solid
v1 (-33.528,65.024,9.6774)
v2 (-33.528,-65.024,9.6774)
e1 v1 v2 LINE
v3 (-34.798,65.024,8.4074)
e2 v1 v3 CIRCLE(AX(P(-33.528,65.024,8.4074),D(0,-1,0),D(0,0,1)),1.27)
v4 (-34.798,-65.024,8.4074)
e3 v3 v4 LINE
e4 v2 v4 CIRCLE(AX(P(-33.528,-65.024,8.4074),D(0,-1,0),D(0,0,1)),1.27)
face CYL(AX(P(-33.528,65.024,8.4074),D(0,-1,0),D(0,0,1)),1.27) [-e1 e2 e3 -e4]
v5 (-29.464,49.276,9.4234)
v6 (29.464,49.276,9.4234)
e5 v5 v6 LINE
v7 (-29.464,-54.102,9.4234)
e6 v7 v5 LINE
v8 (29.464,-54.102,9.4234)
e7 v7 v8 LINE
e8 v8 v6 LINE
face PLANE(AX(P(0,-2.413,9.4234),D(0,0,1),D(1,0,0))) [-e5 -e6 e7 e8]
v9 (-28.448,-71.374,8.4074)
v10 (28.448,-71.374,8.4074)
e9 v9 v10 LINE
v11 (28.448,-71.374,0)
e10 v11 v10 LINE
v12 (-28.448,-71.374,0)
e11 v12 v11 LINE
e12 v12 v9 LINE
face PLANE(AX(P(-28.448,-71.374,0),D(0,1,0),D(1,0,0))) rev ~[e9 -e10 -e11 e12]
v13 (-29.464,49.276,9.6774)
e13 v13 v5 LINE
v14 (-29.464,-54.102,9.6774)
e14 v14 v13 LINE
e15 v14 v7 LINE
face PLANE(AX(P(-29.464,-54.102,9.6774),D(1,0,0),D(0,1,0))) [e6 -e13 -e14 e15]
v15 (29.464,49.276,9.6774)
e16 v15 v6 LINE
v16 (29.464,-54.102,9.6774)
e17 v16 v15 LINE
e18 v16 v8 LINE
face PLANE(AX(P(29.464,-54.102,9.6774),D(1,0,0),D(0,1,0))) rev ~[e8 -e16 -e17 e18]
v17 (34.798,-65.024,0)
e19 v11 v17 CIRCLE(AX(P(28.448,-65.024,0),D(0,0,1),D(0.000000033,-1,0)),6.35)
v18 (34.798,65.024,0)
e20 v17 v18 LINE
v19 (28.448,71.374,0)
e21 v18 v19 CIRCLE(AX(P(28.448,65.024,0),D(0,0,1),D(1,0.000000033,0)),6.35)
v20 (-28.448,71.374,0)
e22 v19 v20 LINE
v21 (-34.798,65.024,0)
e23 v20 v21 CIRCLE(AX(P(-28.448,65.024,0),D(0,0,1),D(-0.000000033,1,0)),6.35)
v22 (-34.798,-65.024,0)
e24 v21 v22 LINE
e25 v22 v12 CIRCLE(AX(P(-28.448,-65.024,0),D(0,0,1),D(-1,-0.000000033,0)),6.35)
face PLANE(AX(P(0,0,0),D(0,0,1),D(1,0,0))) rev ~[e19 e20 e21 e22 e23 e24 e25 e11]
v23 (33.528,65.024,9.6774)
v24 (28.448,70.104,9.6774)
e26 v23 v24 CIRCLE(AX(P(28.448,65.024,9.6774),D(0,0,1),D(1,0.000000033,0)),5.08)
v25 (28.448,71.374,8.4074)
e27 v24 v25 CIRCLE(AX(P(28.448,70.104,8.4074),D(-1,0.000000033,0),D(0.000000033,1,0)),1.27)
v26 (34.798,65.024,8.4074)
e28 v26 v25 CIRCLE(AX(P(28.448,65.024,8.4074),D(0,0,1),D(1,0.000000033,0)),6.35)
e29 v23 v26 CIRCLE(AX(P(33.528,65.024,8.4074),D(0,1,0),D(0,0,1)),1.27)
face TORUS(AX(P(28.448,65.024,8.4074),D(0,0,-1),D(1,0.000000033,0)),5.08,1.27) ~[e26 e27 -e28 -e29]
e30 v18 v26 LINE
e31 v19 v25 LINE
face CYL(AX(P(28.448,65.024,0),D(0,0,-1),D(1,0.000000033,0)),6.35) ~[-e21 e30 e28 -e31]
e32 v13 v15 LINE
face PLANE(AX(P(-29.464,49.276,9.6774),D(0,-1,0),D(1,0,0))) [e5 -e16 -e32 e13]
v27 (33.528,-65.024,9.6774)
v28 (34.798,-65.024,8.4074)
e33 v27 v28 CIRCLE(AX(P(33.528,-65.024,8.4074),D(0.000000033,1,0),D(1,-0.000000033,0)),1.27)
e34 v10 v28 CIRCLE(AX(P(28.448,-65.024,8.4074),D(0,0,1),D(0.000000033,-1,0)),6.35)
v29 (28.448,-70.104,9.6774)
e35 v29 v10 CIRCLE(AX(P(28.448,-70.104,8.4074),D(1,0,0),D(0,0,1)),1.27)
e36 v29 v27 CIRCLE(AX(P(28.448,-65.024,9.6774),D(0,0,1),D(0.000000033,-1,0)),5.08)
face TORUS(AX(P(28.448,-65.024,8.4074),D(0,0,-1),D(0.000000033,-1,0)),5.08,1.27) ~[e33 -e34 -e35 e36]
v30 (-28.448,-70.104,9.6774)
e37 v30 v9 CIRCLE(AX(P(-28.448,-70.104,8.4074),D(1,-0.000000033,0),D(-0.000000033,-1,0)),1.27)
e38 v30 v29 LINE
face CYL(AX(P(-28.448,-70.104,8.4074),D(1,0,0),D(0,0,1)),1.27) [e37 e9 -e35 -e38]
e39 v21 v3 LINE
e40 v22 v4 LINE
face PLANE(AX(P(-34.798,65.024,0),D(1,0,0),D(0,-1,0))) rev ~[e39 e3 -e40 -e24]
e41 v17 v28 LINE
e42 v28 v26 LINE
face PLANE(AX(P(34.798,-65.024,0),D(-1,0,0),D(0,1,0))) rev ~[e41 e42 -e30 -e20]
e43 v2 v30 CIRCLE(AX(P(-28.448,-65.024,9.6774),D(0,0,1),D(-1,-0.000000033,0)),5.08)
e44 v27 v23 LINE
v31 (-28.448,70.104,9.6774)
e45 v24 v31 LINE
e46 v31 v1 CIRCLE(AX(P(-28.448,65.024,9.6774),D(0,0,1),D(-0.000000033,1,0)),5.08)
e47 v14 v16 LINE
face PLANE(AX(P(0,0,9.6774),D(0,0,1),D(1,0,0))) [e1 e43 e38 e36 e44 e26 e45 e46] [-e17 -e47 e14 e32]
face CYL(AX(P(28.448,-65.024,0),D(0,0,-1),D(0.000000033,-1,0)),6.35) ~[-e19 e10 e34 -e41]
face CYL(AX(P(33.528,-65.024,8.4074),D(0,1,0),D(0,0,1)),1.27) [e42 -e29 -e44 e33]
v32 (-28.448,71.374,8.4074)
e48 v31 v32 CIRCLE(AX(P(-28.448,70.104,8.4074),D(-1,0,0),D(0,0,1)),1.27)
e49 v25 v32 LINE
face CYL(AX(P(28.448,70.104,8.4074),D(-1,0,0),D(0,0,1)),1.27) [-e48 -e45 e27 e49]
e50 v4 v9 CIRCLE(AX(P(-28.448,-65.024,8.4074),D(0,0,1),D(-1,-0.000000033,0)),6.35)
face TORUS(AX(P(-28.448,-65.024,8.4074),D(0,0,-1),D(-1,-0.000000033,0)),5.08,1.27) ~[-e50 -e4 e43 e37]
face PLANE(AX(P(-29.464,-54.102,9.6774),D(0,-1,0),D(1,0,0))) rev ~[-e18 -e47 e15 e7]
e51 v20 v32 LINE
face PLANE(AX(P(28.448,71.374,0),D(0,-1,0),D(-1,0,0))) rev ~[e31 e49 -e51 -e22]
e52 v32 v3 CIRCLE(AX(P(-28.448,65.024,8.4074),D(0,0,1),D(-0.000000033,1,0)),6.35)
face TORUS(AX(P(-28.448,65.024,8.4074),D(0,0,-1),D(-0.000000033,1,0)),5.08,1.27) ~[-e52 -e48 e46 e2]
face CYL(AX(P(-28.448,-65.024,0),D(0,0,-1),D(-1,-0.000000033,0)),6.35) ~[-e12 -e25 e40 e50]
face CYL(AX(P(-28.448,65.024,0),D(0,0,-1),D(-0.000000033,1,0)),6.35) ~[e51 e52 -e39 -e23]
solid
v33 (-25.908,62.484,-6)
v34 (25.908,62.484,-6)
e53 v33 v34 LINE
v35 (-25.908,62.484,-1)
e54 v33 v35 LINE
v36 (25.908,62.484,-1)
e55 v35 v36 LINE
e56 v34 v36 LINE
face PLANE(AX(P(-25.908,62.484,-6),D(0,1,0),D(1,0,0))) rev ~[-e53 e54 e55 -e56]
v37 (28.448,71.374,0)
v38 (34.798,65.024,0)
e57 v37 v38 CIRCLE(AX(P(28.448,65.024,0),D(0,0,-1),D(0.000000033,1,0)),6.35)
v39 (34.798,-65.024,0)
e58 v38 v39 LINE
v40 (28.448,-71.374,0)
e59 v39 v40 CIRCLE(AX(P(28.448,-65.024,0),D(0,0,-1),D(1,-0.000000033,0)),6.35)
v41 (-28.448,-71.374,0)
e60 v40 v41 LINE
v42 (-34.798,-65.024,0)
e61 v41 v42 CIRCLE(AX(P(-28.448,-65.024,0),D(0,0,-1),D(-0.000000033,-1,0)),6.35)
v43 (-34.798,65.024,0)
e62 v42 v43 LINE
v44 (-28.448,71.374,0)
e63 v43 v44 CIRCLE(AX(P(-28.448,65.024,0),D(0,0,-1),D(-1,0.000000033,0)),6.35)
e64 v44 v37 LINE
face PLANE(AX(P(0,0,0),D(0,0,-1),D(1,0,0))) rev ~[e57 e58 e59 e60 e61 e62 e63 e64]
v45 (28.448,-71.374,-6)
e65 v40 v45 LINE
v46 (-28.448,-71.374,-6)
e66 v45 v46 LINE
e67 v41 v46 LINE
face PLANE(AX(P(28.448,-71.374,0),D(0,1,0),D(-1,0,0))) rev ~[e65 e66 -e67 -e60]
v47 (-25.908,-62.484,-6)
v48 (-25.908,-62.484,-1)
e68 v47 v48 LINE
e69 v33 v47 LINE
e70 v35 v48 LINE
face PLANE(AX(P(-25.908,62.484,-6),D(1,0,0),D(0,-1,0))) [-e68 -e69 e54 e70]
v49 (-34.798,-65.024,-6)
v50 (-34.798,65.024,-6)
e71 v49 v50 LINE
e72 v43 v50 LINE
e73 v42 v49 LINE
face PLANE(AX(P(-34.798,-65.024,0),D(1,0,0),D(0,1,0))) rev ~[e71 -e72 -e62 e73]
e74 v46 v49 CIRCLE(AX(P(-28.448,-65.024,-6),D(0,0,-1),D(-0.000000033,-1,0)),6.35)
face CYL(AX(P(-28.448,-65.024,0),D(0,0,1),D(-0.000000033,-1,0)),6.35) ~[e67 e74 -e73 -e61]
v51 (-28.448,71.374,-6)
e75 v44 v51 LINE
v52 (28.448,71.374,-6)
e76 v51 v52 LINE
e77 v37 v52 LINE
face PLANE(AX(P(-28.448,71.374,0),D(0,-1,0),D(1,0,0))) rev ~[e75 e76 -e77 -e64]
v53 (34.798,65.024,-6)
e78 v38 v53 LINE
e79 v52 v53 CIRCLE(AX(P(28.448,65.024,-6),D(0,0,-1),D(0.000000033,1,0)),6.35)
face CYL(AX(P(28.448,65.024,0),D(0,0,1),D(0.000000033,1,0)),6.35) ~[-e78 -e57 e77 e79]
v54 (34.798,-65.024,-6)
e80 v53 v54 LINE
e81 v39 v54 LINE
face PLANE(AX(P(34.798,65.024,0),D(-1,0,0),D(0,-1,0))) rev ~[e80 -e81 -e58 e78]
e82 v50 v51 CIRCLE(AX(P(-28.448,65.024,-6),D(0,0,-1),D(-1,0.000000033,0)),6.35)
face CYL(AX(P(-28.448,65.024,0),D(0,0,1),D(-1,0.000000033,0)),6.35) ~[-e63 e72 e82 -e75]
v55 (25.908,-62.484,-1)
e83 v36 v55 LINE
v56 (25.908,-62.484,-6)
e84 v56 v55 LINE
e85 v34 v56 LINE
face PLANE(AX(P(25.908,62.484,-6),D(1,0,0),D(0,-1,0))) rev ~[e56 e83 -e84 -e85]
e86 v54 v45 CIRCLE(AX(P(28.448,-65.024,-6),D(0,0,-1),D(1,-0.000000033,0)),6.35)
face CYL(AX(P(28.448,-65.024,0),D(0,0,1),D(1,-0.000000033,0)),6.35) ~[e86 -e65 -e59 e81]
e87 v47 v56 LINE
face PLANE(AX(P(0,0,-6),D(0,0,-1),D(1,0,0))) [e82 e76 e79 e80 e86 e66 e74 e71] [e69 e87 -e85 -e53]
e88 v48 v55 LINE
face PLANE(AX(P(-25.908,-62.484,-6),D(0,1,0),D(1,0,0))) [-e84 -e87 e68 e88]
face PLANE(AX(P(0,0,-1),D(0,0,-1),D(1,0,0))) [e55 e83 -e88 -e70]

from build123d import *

# Parameters (mm, degrees)
F1_DEPTH = 9.6774
F2_W     = 58.928
F2_H     = 103.378
F3_DEPTH = 0.254
F5_DEPTH = 6
F6_R     = 1.27
F7_W     = 51.816
F7_H     = 124.968
F8_DEPTH = 5


with BuildPart() as f1:
    # F0 (on Top) → F1 (new body)
    with BuildSketch(Plane.XY):
        with BuildLine():
            ThreePointArc((34.798, 65.024), (32.938128, 69.514128), (28.448, 71.374))
            Line((28.448, 71.374), (-28.448, 71.374))
            ThreePointArc((-28.448, 71.374), (-32.938128, 69.514128), (-34.798, 65.024))
            Line((-34.798, 65.024), (-34.798, -65.024))
            ThreePointArc((-34.798, -65.024), (-32.938128, -69.514128), (-28.448, -71.374))
            Line((-28.448, -71.374), (28.448, -71.374))
            ThreePointArc((28.448, -71.374), (32.938128, -69.514128), (34.798, -65.024))
            Line((34.798, -65.024), (34.798, 65.024))
        make_face()
    extrude(amount=F1_DEPTH)

    # F2 (on face) → F3 (cut)
    with BuildSketch(Plane.XY.offset(9.6774)):
        with Locations((0, -2.413)):
            Rectangle(F2_W, F2_H)
    extrude(amount=-F3_DEPTH, mode=Mode.SUBTRACT)

    # F6
    f6_edges = [f1.edges().sort_by_distance(p)[0] for p in [
        (-34.798, 0, 9.6774),
    ]]
    fillet(f6_edges, radius=F6_R)


with BuildPart() as f5:
    # F4 (on face) → F5 (new body)
    with BuildSketch(Plane(origin=(0, 0, 0), x_dir=(1, 0, 0), z_dir=(0, 0, -1))):
        with BuildLine():
            ThreePointArc((34.798, 65.024), (32.938128, 69.514128), (28.448, 71.374))
            Line((28.448, 71.374), (-28.448, 71.374))
            ThreePointArc((-28.448, 71.374), (-32.938128, 69.514128), (-34.798, 65.024))
            Line((-34.798, 65.024), (-34.798, -65.024))
            ThreePointArc((-34.798, -65.024), (-32.938128, -69.514128), (-28.448, -71.374))
            Line((-28.448, -71.374), (28.448, -71.374))
            ThreePointArc((28.448, -71.374), (32.938128, -69.514128), (34.798, -65.024))
            Line((34.798, -65.024), (34.798, 65.024))
        make_face()
    extrude(amount=F5_DEPTH)

    # F7 (on face) → F8 (cut)
    with BuildSketch(Plane(origin=(0, 0, -6), x_dir=(1, 0, 0), z_dir=(0, 0, -1))):
        Rectangle(F7_W, F7_H)
    extrude(amount=-F8_DEPTH, mode=Mode.SUBTRACT)


solid = Compound([f1.part, f5.part])
